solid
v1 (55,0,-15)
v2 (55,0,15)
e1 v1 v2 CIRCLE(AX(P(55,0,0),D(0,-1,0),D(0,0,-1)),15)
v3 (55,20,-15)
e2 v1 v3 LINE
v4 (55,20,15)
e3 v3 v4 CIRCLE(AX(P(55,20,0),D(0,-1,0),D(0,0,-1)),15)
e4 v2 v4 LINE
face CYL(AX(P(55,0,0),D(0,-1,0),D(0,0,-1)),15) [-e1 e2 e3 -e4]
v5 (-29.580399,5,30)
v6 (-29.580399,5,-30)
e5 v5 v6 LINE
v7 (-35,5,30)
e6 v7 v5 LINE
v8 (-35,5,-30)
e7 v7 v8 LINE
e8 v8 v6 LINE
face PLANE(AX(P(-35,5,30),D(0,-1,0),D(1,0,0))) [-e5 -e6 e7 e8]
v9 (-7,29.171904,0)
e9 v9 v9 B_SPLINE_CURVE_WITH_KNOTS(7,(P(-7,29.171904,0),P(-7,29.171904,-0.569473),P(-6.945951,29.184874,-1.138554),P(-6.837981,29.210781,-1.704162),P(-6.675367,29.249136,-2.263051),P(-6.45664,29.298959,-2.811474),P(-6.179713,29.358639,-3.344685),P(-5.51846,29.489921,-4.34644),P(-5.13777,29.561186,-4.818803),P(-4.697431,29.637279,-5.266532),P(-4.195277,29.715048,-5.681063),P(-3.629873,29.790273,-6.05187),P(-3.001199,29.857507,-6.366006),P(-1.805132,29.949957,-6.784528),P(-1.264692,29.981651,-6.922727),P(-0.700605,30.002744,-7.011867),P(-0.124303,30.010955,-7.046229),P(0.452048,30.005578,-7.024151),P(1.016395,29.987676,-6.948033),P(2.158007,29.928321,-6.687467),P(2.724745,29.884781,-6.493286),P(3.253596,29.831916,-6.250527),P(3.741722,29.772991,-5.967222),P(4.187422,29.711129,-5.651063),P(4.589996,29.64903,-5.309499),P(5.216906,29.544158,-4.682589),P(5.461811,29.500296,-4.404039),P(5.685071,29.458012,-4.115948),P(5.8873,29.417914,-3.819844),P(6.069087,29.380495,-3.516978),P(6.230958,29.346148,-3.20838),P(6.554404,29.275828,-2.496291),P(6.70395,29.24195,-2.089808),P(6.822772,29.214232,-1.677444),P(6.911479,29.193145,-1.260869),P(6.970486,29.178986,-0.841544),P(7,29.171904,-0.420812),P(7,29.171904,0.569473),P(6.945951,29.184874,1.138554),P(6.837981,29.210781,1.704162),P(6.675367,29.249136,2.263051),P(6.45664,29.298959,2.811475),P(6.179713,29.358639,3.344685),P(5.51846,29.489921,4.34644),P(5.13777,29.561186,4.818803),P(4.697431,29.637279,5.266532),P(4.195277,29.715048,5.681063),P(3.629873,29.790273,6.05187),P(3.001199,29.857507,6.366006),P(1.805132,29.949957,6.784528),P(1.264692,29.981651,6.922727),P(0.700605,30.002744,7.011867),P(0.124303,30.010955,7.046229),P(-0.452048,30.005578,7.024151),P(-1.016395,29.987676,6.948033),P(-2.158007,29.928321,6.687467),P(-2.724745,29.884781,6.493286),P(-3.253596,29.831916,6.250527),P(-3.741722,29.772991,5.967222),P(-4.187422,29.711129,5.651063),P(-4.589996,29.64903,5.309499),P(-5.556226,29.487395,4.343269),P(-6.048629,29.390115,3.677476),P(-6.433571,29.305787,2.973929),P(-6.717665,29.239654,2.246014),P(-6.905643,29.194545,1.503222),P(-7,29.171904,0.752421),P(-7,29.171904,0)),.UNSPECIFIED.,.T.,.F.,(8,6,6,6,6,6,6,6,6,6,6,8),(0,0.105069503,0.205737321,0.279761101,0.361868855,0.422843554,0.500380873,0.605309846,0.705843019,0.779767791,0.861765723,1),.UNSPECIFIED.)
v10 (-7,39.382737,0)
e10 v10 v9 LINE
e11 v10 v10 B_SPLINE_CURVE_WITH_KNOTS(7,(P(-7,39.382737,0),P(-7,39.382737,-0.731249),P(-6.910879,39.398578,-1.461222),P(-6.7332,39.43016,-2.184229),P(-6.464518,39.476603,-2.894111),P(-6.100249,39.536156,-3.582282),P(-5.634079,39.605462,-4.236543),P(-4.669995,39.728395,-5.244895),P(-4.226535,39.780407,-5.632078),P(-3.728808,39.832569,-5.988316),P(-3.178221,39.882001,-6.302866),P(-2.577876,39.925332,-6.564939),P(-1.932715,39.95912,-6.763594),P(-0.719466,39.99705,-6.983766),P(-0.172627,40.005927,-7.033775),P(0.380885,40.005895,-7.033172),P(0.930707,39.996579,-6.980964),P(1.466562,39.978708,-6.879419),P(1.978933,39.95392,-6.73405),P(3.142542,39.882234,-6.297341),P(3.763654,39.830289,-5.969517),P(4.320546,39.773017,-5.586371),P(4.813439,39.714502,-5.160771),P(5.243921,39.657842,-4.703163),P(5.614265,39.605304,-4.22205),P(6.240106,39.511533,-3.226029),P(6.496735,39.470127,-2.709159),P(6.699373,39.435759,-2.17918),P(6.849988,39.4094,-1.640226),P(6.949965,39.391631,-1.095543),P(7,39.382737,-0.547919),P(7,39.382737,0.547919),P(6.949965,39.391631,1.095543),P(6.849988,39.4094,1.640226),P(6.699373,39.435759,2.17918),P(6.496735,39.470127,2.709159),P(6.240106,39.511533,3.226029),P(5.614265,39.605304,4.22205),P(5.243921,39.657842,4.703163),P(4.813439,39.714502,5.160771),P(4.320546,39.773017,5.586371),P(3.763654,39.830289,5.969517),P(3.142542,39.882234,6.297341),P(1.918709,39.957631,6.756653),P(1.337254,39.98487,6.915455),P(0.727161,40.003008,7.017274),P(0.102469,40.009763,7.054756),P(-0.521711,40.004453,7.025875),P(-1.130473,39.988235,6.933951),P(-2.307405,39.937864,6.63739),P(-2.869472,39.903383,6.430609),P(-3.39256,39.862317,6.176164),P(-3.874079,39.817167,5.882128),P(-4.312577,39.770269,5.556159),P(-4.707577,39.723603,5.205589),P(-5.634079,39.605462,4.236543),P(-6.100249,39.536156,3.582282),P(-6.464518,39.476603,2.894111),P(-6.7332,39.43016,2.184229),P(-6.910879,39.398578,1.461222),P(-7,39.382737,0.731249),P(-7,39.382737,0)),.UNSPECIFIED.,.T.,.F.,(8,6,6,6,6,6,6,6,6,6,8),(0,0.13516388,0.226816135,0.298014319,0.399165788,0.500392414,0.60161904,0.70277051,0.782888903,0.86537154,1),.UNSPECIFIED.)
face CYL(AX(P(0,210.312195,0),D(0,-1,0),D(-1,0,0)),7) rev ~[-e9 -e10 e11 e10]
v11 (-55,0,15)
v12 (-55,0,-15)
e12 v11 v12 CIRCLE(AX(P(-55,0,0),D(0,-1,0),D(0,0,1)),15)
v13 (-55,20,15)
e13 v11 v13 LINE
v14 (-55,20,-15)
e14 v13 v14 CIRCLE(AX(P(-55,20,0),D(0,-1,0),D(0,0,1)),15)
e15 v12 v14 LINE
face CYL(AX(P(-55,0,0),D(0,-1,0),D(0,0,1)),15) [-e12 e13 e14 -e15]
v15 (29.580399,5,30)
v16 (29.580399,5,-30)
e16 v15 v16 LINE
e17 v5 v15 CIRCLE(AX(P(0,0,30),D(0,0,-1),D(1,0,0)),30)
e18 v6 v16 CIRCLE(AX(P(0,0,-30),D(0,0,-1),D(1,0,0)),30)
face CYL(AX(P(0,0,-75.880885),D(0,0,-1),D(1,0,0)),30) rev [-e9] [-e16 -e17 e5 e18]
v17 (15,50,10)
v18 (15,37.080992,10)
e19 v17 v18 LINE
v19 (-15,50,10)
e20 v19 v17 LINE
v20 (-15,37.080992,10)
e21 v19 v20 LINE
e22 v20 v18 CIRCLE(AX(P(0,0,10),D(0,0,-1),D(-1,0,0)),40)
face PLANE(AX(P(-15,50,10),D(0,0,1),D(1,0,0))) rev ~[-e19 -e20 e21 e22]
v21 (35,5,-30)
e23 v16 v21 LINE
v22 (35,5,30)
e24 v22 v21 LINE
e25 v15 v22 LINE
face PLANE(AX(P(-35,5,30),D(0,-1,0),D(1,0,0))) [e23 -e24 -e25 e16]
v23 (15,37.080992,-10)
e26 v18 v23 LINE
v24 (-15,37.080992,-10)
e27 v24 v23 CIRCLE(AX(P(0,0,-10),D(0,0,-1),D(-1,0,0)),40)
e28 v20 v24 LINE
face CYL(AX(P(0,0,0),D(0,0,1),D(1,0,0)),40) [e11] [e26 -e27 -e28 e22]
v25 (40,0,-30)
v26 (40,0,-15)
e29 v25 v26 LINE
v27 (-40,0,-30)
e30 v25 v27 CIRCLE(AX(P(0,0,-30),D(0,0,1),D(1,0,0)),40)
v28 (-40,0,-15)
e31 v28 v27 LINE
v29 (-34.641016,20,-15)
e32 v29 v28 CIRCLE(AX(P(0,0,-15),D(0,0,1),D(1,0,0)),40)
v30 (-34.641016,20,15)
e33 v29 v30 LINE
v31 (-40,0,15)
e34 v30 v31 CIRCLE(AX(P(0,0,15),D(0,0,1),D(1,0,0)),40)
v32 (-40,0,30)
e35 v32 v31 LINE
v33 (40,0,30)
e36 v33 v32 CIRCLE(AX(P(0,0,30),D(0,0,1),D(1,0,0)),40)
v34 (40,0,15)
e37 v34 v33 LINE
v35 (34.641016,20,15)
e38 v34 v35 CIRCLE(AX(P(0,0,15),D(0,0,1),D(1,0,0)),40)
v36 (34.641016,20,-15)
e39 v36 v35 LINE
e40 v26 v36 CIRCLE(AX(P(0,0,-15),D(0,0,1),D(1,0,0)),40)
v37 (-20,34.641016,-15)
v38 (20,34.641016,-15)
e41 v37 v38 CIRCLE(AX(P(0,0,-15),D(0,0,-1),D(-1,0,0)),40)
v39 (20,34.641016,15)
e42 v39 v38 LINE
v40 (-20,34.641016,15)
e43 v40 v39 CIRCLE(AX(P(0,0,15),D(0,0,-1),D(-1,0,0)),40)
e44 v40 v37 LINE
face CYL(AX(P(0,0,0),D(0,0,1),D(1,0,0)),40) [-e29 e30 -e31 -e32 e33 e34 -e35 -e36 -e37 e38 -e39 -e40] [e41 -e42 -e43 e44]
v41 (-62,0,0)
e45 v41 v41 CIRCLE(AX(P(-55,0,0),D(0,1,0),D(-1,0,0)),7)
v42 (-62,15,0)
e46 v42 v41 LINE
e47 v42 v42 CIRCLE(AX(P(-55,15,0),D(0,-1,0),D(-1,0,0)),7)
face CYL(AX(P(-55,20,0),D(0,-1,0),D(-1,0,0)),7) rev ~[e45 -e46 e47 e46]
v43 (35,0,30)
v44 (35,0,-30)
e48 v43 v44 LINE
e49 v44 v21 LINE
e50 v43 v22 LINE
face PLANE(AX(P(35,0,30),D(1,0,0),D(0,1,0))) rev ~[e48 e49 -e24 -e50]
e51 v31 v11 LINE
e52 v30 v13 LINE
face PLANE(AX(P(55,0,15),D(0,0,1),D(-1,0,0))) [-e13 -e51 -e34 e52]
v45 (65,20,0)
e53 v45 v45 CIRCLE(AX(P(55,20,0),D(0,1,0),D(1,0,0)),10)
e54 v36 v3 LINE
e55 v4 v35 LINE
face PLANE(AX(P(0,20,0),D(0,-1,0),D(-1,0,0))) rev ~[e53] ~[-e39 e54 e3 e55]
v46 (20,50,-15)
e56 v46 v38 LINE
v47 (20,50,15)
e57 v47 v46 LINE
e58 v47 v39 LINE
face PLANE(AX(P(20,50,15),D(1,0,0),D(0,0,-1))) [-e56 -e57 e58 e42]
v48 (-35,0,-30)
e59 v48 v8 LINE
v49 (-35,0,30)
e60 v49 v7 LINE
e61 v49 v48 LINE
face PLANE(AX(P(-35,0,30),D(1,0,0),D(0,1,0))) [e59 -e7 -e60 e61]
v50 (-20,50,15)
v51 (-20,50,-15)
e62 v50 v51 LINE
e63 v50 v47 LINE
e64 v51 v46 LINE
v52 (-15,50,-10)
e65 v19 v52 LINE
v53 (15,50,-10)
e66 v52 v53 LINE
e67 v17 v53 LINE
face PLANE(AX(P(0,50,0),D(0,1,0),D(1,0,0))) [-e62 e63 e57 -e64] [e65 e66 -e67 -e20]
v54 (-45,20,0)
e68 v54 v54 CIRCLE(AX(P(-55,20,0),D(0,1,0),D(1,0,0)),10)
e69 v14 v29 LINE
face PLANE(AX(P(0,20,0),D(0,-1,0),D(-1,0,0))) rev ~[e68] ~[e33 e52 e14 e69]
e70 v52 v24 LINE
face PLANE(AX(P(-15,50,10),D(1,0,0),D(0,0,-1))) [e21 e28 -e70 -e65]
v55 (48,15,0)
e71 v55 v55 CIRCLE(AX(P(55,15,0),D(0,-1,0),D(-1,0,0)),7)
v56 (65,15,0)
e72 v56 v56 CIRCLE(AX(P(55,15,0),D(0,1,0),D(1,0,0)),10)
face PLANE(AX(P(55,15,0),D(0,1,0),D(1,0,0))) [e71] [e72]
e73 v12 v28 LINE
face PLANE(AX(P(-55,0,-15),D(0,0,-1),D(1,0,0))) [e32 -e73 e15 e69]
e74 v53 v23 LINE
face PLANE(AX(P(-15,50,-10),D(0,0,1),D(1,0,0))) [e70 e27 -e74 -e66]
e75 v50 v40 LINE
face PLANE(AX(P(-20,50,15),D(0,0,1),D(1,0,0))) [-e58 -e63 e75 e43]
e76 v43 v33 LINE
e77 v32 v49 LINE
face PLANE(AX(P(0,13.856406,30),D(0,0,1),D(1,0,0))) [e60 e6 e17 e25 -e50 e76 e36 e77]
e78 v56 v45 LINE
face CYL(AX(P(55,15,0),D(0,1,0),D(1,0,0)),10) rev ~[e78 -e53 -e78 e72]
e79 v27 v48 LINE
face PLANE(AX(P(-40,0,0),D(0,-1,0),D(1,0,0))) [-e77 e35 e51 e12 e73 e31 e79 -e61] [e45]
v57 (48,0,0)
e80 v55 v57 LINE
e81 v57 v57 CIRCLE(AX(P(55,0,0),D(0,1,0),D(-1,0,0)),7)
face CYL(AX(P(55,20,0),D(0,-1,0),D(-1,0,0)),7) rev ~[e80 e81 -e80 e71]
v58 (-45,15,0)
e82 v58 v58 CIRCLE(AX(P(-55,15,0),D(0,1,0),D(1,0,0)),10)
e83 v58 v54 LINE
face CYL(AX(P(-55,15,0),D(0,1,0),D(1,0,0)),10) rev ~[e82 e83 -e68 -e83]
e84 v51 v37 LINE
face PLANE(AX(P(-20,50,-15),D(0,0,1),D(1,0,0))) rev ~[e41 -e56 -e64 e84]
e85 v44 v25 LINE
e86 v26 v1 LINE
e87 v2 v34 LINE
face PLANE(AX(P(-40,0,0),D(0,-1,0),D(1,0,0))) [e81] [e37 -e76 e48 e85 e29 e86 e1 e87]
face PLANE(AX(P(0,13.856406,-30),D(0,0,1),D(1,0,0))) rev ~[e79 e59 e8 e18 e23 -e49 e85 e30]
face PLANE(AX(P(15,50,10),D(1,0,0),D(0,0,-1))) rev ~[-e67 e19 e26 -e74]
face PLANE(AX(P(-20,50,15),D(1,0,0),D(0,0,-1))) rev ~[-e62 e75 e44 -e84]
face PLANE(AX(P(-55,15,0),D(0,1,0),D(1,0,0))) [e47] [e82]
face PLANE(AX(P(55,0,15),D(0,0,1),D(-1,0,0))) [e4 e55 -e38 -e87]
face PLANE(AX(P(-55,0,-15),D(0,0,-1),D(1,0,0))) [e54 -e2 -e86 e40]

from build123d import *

# Parameters (mm, degrees)
BOSS_EXTRUDE1_DEPTH      = 20
BOSS_EXTRUDE2_DEPTH      = 30
BOSS_EXTRUDE3_REACH      = 93.104
BOSS_EXTRUDE3_END_RADIUS = 40
SKETCH3_W                = 40
SKETCH3_H                = 30
SKETCH3_W_2              = 30
SKETCH3_H_2              = 20
CUT_EXTRUDE1_DEPTH       = 105.880884817
CUT_EXTRUDE1_DEPTH_BACK  = 105.880884817
SKETCH5_W                = 70
SKETCH5_H                = 5
CUT_EXTRUDE2_DEPTH       = 105.880884817
HOLE1_D                  = 14
HOLE3_D                  = 14
HOLE3_DEPTH              = 20
HOLE3_CBORE_D            = 20
HOLE3_CBORE_DEPTH        = 5
HOLE3_TIP                = 4.206024333


with BuildPart() as part:
    # Sketch1 → Boss-Extrude1 (new body)
    with BuildSketch(Plane(origin=(0, 0, 0), x_dir=(1, 0, 0), z_dir=(0, 1, 0))):
        with BuildLine():
            Line((-55, 15), (55, 15))
            ThreePointArc((55, 15), (70, 0), (55, -15))
            Line((55, -15), (-55, -15))
            ThreePointArc((-55, -15), (-70, 0), (-55, 15))
        make_face()
    extrude(amount=BOSS_EXTRUDE1_DEPTH)

    # Sketch2 → Boss-Extrude2 (add, symmetric)
    with BuildSketch(Plane.XY):
        with BuildLine():
            Line((-40, 0), (40, 0))
            ThreePointArc((40, 0), (0, 40), (-40, 0))
        make_face()
    extrude(amount=BOSS_EXTRUDE2_DEPTH, both=True)

    # Boss-Extrude3: up to this cylinder (the profile starts outside it)
    boss_extrude3_end = Plane(origin=(0, 0, -14.5), z_dir=(0, 0, -1)) * Cylinder(BOSS_EXTRUDE3_END_RADIUS, 267.208, mode=Mode.PRIVATE)
    # Sketch3 → Boss-Extrude3 (add, up to the surface)
    with BuildSketch(Plane(origin=(0, 50, 0), x_dir=(1, 0, 0), z_dir=(0, 1, 0)), mode=Mode.PRIVATE) as boss_extrude3_sk1:
        Rectangle(SKETCH3_W, SKETCH3_H)
        Rectangle(SKETCH3_W_2, SKETCH3_H_2, mode=Mode.SUBTRACT)
    boss_extrude3_tool1 = extrude(boss_extrude3_sk1.sketch, amount=-BOSS_EXTRUDE3_REACH, mode=Mode.PRIVATE) - boss_extrude3_end
    add(boss_extrude3_tool1.solids().sort_by_distance((0, 50, -14.5))[0])

    # Sketch4 → Cut-Extrude1 (cut, two sides: drawn at the far end of the back side and taken through both)
    with BuildSketch(Plane.XY.offset(30).offset(-CUT_EXTRUDE1_DEPTH_BACK)):
        with BuildLine():
            Line((-30, 0), (30, 0))
            ThreePointArc((30, 0), (0, 30), (-30, 0))
        make_face()
    extrude(amount=CUT_EXTRUDE1_DEPTH + CUT_EXTRUDE1_DEPTH_BACK, mode=Mode.SUBTRACT)

    # Sketch5 → Cut-Extrude2 (cut, through all)
    with BuildSketch(Plane.XY.offset(30)):
        with Locations((0, 2.5)):
            Rectangle(SKETCH5_W, SKETCH5_H)
    extrude(amount=-CUT_EXTRUDE2_DEPTH, mode=Mode.SUBTRACT)

    # Hole1 (through all)
    with Locations(Plane(origin=(0, 50, 0), x_dir=(1, 0, 0), z_dir=(0, 1, 0))):
        with Locations((0, 0)):
            Hole(HOLE1_D / 2)

    # Hole3
    with Locations(Plane(origin=(0, 20, 0), x_dir=(1, 0, 0), z_dir=(0, 1, 0))):
        with Locations((-55, 0), (55, 0)):
            CounterBoreHole(HOLE3_D / 2, HOLE3_CBORE_D / 2, HOLE3_CBORE_DEPTH, depth=HOLE3_DEPTH)
            with Locations((0, 0, -(HOLE3_DEPTH + HOLE3_TIP / 2))):  # 118° drill point
                Cone(0, HOLE3_D / 2, HOLE3_TIP, mode=Mode.SUBTRACT)


solid = part.part
